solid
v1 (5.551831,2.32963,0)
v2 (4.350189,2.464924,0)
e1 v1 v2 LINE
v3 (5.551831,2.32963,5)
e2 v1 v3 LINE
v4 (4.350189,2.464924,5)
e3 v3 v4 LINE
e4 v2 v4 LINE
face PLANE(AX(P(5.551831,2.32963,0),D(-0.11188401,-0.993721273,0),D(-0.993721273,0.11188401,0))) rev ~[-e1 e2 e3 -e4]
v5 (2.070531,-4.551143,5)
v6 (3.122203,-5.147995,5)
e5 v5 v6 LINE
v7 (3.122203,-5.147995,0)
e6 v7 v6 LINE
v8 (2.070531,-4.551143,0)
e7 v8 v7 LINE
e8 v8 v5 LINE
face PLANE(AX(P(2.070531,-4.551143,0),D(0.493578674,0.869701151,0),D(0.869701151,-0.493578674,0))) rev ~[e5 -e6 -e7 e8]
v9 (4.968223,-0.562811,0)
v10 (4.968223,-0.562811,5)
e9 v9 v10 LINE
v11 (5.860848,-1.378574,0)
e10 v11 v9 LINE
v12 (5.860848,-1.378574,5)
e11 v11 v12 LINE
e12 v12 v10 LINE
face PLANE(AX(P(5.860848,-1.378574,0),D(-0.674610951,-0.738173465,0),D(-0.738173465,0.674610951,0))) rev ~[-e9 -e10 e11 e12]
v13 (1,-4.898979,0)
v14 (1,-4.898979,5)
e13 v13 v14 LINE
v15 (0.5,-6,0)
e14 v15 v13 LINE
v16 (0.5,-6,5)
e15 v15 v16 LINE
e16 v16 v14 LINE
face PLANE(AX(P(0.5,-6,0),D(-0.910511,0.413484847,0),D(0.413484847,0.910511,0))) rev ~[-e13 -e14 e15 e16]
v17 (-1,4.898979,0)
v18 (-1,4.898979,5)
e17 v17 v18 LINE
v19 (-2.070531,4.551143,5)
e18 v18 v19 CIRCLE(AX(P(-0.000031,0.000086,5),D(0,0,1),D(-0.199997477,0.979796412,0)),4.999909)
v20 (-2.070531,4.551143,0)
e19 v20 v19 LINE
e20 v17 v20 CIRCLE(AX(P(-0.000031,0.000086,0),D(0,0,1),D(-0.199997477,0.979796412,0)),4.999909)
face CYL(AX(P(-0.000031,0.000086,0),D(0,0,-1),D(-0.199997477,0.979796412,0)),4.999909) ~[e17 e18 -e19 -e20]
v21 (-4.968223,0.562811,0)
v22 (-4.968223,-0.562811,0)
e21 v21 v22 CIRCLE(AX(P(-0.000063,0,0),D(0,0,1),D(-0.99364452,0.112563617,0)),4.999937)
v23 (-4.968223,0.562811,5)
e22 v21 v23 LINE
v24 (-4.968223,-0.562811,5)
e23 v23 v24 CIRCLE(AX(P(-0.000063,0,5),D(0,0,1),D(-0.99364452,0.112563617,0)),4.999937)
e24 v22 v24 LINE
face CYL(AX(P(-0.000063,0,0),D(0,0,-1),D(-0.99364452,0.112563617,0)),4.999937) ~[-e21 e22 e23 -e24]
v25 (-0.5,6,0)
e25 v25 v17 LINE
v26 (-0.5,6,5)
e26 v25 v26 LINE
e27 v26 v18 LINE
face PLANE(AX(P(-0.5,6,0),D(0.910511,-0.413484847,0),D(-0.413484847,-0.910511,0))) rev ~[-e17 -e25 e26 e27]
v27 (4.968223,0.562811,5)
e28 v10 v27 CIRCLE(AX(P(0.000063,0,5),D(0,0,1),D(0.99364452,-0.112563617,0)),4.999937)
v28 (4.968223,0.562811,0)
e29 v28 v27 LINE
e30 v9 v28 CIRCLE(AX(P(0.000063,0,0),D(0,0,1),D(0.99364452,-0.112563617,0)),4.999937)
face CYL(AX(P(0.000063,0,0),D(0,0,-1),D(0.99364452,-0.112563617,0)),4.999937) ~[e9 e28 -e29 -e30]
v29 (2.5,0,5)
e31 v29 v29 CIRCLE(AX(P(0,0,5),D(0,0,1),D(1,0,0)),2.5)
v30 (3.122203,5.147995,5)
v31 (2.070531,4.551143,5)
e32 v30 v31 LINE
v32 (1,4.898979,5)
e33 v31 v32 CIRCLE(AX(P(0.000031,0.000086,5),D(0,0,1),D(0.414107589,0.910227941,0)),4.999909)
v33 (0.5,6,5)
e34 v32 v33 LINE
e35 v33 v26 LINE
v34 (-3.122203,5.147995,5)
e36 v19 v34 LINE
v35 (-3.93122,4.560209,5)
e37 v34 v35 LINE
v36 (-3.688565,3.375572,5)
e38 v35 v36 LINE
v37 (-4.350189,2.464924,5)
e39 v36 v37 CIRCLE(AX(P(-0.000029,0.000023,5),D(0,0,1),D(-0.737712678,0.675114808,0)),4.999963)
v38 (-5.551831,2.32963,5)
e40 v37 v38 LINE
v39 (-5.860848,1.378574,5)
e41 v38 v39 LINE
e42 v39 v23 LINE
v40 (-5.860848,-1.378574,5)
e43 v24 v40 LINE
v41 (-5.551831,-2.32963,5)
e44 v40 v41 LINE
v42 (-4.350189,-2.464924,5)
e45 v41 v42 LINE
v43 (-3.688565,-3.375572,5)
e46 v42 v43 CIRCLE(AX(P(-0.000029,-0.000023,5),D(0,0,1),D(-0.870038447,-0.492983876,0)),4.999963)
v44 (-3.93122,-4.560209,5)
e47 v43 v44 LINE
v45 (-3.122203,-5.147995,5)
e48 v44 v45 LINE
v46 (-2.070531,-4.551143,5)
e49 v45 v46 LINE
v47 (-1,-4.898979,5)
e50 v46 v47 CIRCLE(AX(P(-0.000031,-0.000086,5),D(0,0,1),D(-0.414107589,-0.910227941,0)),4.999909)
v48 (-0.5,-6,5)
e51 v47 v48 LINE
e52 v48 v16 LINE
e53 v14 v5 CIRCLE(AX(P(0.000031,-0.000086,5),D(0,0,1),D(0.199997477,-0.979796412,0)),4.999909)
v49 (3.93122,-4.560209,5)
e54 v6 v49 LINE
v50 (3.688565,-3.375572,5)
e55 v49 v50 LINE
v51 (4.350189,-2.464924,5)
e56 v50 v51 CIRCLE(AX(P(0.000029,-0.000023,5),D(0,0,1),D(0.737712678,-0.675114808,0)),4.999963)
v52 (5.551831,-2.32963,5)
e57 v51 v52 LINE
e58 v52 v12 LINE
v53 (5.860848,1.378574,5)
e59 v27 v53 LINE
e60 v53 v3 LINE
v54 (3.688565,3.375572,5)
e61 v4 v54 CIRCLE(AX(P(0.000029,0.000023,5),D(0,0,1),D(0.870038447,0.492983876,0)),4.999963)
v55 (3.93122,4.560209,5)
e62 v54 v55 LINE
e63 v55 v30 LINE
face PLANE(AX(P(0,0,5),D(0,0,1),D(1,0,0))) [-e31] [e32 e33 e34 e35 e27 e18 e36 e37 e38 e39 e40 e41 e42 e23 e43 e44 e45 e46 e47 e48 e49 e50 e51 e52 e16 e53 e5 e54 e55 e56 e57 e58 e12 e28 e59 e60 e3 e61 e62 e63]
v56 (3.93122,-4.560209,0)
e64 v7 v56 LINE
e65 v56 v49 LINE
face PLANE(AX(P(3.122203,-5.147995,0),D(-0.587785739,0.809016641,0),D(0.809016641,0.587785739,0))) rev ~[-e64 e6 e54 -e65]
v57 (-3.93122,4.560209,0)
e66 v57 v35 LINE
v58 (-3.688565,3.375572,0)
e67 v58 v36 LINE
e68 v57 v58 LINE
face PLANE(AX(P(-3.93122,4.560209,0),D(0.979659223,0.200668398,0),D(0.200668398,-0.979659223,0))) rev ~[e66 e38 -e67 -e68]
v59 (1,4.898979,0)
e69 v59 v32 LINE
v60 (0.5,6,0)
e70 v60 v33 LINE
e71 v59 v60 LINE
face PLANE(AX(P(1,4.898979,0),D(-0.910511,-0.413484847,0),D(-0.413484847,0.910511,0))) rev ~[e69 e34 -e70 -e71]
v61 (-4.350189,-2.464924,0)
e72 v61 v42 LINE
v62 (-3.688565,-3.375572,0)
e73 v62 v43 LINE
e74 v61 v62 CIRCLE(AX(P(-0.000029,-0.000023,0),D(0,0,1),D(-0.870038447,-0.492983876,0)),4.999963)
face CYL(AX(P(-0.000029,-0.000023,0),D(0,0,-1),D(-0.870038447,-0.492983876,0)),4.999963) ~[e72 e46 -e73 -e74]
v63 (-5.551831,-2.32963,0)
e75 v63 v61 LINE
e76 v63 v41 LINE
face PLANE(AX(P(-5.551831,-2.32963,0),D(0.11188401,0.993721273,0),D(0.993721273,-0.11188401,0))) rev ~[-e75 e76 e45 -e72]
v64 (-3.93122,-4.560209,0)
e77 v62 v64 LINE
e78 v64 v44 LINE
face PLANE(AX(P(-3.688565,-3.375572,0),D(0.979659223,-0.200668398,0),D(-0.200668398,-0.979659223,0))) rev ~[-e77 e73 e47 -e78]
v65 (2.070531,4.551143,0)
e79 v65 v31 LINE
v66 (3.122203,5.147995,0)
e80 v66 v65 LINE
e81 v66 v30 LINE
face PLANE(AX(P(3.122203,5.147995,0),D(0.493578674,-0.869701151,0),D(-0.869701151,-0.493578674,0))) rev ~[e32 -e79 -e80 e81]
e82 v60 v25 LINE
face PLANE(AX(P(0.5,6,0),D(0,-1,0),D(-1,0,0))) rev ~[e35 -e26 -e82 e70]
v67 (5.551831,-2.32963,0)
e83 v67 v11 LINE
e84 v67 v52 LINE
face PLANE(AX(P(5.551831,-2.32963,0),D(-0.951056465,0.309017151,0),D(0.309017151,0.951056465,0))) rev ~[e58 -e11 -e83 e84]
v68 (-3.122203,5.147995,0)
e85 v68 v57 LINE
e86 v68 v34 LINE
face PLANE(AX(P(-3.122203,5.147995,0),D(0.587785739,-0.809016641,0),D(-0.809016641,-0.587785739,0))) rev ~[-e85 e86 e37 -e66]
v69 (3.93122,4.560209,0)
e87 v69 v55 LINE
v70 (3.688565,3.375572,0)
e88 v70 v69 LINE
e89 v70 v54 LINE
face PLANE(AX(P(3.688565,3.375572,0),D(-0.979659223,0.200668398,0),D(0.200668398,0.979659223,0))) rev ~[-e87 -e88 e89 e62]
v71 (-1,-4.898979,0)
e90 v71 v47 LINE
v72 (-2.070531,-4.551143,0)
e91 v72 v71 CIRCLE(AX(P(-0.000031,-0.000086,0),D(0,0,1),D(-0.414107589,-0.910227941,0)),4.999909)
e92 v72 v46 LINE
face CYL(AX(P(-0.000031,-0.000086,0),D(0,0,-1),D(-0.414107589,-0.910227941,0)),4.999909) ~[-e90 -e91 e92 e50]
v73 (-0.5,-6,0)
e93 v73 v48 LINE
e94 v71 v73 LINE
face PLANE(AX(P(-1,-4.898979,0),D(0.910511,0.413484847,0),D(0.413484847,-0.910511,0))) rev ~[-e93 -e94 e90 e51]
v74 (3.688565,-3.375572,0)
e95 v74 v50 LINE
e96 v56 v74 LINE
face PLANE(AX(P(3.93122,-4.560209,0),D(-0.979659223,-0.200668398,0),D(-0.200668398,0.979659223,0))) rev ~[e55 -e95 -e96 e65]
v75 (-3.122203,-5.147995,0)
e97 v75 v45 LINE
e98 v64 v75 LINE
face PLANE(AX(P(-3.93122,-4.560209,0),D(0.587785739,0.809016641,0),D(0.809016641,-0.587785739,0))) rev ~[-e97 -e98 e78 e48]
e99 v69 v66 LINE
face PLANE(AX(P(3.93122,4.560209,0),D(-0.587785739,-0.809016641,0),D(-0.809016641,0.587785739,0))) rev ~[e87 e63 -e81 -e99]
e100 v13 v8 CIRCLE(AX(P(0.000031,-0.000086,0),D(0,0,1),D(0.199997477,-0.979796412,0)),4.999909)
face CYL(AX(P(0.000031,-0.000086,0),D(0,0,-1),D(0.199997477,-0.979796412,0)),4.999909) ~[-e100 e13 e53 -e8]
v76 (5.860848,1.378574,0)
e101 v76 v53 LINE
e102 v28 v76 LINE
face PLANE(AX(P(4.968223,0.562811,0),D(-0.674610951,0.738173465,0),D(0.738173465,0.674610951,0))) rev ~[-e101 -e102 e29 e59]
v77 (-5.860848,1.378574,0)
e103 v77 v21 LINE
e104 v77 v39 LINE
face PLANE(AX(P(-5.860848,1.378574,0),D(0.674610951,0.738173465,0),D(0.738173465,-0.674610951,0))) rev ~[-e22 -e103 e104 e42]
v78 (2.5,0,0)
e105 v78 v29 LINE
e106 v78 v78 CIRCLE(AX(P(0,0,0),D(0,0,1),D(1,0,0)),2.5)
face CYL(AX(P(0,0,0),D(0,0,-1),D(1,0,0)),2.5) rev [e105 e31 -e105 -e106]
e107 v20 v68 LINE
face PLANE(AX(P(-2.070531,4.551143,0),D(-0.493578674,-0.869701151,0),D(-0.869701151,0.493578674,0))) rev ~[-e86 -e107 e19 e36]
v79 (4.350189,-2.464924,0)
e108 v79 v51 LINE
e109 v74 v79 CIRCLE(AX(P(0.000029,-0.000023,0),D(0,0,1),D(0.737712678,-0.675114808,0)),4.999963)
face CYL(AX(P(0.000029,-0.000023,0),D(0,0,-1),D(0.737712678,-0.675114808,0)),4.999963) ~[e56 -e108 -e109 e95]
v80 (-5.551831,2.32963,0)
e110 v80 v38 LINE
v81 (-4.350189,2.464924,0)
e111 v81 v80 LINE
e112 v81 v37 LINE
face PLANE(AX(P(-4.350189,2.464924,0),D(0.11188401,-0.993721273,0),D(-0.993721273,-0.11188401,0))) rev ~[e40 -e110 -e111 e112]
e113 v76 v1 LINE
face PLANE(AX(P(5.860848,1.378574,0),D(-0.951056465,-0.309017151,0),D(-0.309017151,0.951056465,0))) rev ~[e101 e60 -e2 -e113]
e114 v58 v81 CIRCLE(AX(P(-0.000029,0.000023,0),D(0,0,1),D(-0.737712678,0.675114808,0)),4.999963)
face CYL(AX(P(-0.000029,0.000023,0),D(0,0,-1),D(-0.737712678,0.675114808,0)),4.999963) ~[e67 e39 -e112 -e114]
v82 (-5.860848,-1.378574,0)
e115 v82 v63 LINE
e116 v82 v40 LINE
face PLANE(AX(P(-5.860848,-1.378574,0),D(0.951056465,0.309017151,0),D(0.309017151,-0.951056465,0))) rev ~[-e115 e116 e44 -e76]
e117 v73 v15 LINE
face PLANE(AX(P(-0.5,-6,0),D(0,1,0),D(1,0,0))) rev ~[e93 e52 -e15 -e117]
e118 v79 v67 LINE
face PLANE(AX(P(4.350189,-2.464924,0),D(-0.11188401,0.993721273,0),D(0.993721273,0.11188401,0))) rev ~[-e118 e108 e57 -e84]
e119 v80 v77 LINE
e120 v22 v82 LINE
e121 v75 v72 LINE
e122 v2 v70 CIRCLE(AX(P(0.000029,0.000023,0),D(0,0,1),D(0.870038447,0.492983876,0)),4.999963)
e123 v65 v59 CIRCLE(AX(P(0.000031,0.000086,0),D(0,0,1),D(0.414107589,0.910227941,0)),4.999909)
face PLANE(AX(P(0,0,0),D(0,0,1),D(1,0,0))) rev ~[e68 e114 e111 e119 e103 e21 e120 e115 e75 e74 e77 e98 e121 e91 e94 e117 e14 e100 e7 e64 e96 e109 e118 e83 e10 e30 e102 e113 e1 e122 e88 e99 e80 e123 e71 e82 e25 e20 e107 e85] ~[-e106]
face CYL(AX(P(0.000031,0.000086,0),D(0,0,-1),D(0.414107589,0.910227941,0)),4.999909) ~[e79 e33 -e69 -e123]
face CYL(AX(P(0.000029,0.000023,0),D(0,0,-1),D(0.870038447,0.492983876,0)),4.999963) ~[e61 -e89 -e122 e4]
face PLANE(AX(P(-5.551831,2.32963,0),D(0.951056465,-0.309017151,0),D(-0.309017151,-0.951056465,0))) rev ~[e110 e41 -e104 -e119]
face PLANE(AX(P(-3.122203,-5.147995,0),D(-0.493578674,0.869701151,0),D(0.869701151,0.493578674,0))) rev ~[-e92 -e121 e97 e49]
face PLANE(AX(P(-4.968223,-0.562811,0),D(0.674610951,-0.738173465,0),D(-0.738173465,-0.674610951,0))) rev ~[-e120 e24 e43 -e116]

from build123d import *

# Parameters (mm, degrees)
F0_R     = 2.5
F1_DEPTH = 5


with BuildPart() as f1:
    # F0 (on Top) → F1 (new body)
    with BuildSketch(Plane.XY):
        with BuildLine():
            Line((-5.860848, 1.378574), (-4.968223, 0.562811))
            ThreePointArc((-4.968223, 0.562811), (-5, 0), (-4.968223, -0.562811))
            Line((-4.968223, -0.562811), (-5.860848, -1.378574))
            Line((-5.860848, -1.378574), (-5.551831, -2.32963))
            Line((-5.551831, -2.32963), (-4.350189, -2.464924))
            ThreePointArc((-4.350189, -2.464924), (-4.045085, -2.938926), (-3.688565, -3.375572))
            Line((-3.688565, -3.375572), (-3.93122, -4.560209))
            Line((-3.93122, -4.560209), (-3.122203, -5.147995))
            Line((-3.122203, -5.147995), (-2.070531, -4.551143))
            ThreePointArc((-2.070531, -4.551143), (-1.545085, -4.755283), (-1, -4.898979))
            Line((-1, -4.898979), (-0.5, -6))
            Line((-0.5, -6), (0.5, -6))
            Line((0.5, -6), (1, -4.898979))
            ThreePointArc((1, -4.898979), (1.545085, -4.755283), (2.070531, -4.551143))
            Line((2.070531, -4.551143), (3.122203, -5.147995))
            Line((3.122203, -5.147995), (3.93122, -4.560209))
            Line((3.93122, -4.560209), (3.688565, -3.375572))
            ThreePointArc((3.688565, -3.375572), (4.045085, -2.938926), (4.350189, -2.464924))
            Line((4.350189, -2.464924), (5.551831, -2.32963))
            Line((5.551831, -2.32963), (5.860848, -1.378574))
            Line((5.860848, -1.378574), (4.968223, -0.562811))
            ThreePointArc((4.968223, -0.562811), (5, 0), (4.968223, 0.562811))
            Line((4.968223, 0.562811), (5.860848, 1.378574))
            Line((5.860848, 1.378574), (5.551831, 2.32963))
            Line((5.551831, 2.32963), (4.350189, 2.464924))
            ThreePointArc((4.350189, 2.464924), (4.045085, 2.938926), (3.688565, 3.375572))
            Line((3.688565, 3.375572), (3.93122, 4.560209))
            Line((3.93122, 4.560209), (3.122203, 5.147995))
            Line((3.122203, 5.147995), (2.070531, 4.551143))
            ThreePointArc((2.070531, 4.551143), (1.545085, 4.755283), (1, 4.898979))
            Line((1, 4.898979), (0.5, 6))
            Line((0.5, 6), (-0.5, 6))
            Line((-0.5, 6), (-1, 4.898979))
            ThreePointArc((-1, 4.898979), (-1.545085, 4.755283), (-2.070531, 4.551143))
            Line((-2.070531, 4.551143), (-3.122203, 5.147995))
            Line((-3.122203, 5.147995), (-3.93122, 4.560209))
            Line((-3.93122, 4.560209), (-3.688565, 3.375572))
            ThreePointArc((-3.688565, 3.375572), (-4.045085, 2.938926), (-4.350189, 2.464924))
            Line((-4.350189, 2.464924), (-5.551831, 2.32963))
            Line((-5.551831, 2.32963), (-5.860848, 1.378574))
        make_face()
        Circle(F0_R, mode=Mode.SUBTRACT)
    extrude(amount=F1_DEPTH)


solid = f1.part
